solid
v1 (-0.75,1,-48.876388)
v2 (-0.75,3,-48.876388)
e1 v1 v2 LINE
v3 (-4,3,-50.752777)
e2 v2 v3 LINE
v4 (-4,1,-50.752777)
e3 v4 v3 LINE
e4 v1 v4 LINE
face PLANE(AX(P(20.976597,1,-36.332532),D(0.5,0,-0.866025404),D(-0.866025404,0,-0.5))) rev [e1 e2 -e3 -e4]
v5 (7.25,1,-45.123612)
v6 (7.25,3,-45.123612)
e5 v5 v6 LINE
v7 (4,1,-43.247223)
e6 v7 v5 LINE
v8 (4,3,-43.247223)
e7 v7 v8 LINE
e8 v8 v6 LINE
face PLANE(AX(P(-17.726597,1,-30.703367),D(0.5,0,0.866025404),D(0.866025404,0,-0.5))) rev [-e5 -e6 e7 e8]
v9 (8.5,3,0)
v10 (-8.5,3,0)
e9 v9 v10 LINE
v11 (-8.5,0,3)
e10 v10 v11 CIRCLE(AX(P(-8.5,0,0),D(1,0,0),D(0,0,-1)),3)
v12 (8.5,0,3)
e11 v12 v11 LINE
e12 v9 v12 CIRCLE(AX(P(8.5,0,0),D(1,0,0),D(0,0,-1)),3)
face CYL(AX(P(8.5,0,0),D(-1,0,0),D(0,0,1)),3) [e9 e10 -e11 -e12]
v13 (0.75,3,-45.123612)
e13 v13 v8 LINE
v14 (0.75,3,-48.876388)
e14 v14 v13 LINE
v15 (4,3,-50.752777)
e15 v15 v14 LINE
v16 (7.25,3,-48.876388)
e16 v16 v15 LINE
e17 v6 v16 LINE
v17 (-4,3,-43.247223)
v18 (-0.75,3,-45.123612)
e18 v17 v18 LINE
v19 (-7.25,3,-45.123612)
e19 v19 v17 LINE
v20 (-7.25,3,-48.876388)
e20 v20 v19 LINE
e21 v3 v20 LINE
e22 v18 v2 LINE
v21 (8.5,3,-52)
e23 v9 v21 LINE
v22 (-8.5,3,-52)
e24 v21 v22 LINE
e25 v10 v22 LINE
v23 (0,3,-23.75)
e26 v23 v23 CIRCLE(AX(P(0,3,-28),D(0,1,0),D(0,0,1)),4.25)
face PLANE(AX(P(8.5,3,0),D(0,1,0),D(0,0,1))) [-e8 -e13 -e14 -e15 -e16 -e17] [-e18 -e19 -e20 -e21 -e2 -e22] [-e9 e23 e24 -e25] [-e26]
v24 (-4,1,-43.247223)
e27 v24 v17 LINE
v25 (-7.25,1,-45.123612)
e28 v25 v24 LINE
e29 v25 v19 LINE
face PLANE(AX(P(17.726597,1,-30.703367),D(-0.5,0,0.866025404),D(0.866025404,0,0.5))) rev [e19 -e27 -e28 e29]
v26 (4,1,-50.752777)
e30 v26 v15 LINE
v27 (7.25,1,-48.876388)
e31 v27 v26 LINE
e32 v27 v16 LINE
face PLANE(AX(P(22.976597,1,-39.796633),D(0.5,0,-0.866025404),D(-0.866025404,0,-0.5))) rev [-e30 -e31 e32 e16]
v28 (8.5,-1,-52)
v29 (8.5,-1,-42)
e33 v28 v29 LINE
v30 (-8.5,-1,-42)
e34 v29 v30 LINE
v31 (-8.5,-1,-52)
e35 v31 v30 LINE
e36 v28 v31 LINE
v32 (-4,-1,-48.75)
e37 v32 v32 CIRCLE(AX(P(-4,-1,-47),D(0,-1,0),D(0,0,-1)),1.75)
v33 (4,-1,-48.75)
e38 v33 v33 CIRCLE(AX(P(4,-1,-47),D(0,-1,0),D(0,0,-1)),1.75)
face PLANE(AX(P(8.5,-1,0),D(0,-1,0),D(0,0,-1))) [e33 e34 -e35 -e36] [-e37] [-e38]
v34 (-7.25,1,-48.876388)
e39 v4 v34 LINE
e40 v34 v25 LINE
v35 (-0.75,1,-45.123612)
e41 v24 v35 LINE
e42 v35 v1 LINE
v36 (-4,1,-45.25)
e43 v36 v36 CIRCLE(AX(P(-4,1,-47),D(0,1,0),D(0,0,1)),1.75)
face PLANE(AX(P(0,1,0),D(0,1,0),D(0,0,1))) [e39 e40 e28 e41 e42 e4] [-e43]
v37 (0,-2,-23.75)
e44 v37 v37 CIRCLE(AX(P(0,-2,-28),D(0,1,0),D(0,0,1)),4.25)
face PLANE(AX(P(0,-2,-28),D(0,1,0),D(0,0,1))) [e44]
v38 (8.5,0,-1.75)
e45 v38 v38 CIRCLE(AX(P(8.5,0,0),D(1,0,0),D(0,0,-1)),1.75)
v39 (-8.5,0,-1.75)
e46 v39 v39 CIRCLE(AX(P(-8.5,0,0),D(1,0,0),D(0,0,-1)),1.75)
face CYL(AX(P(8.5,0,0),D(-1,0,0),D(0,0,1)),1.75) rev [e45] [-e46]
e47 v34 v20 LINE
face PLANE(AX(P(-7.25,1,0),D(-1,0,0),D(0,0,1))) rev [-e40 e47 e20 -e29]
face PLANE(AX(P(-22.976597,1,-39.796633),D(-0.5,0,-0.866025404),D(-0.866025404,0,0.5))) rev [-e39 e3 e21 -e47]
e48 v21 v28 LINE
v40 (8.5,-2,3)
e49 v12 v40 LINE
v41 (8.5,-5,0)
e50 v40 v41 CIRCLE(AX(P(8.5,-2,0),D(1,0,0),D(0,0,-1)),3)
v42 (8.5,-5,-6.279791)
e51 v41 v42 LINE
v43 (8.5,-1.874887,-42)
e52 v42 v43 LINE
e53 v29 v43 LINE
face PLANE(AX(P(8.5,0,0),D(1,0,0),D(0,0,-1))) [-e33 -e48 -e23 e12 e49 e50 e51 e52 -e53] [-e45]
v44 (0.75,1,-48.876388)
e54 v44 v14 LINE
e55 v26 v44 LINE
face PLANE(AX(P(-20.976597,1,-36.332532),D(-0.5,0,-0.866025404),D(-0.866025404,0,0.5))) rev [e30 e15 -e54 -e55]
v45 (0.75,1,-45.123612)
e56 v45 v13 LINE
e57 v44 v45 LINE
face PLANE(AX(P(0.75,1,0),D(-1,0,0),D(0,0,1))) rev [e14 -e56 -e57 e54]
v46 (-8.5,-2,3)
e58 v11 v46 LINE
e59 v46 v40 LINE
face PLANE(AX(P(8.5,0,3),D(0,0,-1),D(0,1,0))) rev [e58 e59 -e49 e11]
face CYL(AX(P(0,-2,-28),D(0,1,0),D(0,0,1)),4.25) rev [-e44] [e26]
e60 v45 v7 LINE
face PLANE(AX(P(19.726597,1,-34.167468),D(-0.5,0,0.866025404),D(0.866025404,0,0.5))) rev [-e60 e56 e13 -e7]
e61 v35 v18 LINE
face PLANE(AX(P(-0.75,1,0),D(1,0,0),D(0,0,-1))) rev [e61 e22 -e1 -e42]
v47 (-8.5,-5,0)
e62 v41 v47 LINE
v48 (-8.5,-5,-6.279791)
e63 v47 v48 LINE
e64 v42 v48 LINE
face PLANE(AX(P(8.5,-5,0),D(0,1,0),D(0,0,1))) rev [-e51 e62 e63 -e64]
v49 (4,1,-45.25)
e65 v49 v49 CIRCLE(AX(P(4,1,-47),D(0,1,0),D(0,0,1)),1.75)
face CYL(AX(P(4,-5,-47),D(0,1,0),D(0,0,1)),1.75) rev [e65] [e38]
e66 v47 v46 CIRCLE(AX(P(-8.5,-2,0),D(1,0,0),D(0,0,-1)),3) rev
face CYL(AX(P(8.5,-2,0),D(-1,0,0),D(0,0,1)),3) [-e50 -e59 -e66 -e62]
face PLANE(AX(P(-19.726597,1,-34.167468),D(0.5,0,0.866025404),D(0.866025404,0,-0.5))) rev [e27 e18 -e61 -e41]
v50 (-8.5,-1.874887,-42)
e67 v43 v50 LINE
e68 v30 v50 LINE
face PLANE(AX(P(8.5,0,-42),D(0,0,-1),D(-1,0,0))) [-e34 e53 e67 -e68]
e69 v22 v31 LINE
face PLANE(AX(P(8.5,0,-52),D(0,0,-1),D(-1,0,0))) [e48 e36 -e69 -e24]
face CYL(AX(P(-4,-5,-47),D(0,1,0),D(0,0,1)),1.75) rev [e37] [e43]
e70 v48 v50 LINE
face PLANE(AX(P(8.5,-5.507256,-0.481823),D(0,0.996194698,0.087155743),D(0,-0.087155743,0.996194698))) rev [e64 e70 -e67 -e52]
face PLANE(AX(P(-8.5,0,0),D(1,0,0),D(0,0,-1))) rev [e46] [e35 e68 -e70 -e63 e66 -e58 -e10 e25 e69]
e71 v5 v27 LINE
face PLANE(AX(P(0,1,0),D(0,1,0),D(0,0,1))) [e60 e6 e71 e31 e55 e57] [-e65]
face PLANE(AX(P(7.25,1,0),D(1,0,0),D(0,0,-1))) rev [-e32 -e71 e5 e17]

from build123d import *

# Parameters (mm, degrees)
SKETCH1_R           = 1.75
BOSS_EXTRUDE1_DEPTH = 8.5
FILLET1_R           = 3
SKETCH2_R           = 1.75
CUT_EXTRUDE1_DEPTH  = 54.293995909
SKETCH2_3_R         = 1.75
CUT_EXTRUDE2_DEPTH  = 2
SKETCH3_R           = 4.25
CUT_EXTRUDE3_DEPTH  = 5


with BuildPart() as part:
    # Sketch1 → Boss-Extrude1 (new, symmetric)
    with BuildSketch(Plane(origin=(0, 0, 0), x_dir=(0, 0, -1), z_dir=(1, 0, 0))):
        with BuildLine():
            ThreePointArc((0, 3), (-2.121320344, 2.121320344), (-3, 0))
            Line((-3, 0), (-3, -5))
            Line((-3, -5), (6.279790789, -5))
            Line((6.279790789, -5), (42, -1.874886635))
            Line((42, -1.874886635), (42, -1))
            Line((42, -1), (52, -1))
            Line((52, -1), (52, 3))
            Line((52, 3), (0, 3))
        make_face()
        Circle(SKETCH1_R, mode=Mode.SUBTRACT)
    extrude(amount=BOSS_EXTRUDE1_DEPTH, both=True)

    # Fillet1
    fillet1_edges = [part.edges().sort_by_distance(p)[0] for p in [
        (0, -5, 3),
    ]]
    fillet(fillet1_edges, radius=FILLET1_R)

    # Sketch2 → Cut-Extrude1 (cut, through all)
    with BuildSketch(Plane(origin=(0, 3, 0), x_dir=(1, 0, 0), z_dir=(0, 1, 0))):
        with Locations((-4, 47)):
            Circle(SKETCH2_R)
        with Locations((4, 47)):
            Circle(SKETCH2_R)
    extrude(amount=-CUT_EXTRUDE1_DEPTH, mode=Mode.SUBTRACT)

    # Sketch2<3> → Cut-Extrude2 (cut)
    # profile 1 of 2: a face of its own
    with BuildSketch(Plane(origin=(0, 3, 0), x_dir=(1, 0, 0), z_dir=(0, 1, 0))):
        Polygon((0.75, 48.876388375), (0.75, 45.123611625), (4, 43.24722325), (7.25, 45.123611625), (7.25, 48.876388375), (4, 50.75277675), align=None)
        with Locations((4, 47)):
            Circle(SKETCH2_3_R, mode=Mode.SUBTRACT)
    # profile 2 of 2: a face of its own
    with BuildSketch(Plane(origin=(0, 3, 0), x_dir=(1, 0, 0), z_dir=(0, 1, 0))):
        Polygon((-0.75, 45.123611625), (-0.75, 48.876388375), (-4, 50.75277675), (-7.25, 48.876388375), (-7.25, 45.123611625), (-4, 43.24722325), align=None)
        with Locations((-4, 47)):
            Circle(SKETCH2_3_R, mode=Mode.SUBTRACT)
    extrude(amount=-CUT_EXTRUDE2_DEPTH, mode=Mode.SUBTRACT)

    # Sketch3 → Cut-Extrude3 (cut)
    with BuildSketch(Plane(origin=(0, 3, 0), x_dir=(1, 0, 0), z_dir=(0, 1, 0))):
        with Locations((0, 28)):
            Circle(SKETCH3_R)
    extrude(amount=-CUT_EXTRUDE3_DEPTH, mode=Mode.SUBTRACT)


solid = part.part
